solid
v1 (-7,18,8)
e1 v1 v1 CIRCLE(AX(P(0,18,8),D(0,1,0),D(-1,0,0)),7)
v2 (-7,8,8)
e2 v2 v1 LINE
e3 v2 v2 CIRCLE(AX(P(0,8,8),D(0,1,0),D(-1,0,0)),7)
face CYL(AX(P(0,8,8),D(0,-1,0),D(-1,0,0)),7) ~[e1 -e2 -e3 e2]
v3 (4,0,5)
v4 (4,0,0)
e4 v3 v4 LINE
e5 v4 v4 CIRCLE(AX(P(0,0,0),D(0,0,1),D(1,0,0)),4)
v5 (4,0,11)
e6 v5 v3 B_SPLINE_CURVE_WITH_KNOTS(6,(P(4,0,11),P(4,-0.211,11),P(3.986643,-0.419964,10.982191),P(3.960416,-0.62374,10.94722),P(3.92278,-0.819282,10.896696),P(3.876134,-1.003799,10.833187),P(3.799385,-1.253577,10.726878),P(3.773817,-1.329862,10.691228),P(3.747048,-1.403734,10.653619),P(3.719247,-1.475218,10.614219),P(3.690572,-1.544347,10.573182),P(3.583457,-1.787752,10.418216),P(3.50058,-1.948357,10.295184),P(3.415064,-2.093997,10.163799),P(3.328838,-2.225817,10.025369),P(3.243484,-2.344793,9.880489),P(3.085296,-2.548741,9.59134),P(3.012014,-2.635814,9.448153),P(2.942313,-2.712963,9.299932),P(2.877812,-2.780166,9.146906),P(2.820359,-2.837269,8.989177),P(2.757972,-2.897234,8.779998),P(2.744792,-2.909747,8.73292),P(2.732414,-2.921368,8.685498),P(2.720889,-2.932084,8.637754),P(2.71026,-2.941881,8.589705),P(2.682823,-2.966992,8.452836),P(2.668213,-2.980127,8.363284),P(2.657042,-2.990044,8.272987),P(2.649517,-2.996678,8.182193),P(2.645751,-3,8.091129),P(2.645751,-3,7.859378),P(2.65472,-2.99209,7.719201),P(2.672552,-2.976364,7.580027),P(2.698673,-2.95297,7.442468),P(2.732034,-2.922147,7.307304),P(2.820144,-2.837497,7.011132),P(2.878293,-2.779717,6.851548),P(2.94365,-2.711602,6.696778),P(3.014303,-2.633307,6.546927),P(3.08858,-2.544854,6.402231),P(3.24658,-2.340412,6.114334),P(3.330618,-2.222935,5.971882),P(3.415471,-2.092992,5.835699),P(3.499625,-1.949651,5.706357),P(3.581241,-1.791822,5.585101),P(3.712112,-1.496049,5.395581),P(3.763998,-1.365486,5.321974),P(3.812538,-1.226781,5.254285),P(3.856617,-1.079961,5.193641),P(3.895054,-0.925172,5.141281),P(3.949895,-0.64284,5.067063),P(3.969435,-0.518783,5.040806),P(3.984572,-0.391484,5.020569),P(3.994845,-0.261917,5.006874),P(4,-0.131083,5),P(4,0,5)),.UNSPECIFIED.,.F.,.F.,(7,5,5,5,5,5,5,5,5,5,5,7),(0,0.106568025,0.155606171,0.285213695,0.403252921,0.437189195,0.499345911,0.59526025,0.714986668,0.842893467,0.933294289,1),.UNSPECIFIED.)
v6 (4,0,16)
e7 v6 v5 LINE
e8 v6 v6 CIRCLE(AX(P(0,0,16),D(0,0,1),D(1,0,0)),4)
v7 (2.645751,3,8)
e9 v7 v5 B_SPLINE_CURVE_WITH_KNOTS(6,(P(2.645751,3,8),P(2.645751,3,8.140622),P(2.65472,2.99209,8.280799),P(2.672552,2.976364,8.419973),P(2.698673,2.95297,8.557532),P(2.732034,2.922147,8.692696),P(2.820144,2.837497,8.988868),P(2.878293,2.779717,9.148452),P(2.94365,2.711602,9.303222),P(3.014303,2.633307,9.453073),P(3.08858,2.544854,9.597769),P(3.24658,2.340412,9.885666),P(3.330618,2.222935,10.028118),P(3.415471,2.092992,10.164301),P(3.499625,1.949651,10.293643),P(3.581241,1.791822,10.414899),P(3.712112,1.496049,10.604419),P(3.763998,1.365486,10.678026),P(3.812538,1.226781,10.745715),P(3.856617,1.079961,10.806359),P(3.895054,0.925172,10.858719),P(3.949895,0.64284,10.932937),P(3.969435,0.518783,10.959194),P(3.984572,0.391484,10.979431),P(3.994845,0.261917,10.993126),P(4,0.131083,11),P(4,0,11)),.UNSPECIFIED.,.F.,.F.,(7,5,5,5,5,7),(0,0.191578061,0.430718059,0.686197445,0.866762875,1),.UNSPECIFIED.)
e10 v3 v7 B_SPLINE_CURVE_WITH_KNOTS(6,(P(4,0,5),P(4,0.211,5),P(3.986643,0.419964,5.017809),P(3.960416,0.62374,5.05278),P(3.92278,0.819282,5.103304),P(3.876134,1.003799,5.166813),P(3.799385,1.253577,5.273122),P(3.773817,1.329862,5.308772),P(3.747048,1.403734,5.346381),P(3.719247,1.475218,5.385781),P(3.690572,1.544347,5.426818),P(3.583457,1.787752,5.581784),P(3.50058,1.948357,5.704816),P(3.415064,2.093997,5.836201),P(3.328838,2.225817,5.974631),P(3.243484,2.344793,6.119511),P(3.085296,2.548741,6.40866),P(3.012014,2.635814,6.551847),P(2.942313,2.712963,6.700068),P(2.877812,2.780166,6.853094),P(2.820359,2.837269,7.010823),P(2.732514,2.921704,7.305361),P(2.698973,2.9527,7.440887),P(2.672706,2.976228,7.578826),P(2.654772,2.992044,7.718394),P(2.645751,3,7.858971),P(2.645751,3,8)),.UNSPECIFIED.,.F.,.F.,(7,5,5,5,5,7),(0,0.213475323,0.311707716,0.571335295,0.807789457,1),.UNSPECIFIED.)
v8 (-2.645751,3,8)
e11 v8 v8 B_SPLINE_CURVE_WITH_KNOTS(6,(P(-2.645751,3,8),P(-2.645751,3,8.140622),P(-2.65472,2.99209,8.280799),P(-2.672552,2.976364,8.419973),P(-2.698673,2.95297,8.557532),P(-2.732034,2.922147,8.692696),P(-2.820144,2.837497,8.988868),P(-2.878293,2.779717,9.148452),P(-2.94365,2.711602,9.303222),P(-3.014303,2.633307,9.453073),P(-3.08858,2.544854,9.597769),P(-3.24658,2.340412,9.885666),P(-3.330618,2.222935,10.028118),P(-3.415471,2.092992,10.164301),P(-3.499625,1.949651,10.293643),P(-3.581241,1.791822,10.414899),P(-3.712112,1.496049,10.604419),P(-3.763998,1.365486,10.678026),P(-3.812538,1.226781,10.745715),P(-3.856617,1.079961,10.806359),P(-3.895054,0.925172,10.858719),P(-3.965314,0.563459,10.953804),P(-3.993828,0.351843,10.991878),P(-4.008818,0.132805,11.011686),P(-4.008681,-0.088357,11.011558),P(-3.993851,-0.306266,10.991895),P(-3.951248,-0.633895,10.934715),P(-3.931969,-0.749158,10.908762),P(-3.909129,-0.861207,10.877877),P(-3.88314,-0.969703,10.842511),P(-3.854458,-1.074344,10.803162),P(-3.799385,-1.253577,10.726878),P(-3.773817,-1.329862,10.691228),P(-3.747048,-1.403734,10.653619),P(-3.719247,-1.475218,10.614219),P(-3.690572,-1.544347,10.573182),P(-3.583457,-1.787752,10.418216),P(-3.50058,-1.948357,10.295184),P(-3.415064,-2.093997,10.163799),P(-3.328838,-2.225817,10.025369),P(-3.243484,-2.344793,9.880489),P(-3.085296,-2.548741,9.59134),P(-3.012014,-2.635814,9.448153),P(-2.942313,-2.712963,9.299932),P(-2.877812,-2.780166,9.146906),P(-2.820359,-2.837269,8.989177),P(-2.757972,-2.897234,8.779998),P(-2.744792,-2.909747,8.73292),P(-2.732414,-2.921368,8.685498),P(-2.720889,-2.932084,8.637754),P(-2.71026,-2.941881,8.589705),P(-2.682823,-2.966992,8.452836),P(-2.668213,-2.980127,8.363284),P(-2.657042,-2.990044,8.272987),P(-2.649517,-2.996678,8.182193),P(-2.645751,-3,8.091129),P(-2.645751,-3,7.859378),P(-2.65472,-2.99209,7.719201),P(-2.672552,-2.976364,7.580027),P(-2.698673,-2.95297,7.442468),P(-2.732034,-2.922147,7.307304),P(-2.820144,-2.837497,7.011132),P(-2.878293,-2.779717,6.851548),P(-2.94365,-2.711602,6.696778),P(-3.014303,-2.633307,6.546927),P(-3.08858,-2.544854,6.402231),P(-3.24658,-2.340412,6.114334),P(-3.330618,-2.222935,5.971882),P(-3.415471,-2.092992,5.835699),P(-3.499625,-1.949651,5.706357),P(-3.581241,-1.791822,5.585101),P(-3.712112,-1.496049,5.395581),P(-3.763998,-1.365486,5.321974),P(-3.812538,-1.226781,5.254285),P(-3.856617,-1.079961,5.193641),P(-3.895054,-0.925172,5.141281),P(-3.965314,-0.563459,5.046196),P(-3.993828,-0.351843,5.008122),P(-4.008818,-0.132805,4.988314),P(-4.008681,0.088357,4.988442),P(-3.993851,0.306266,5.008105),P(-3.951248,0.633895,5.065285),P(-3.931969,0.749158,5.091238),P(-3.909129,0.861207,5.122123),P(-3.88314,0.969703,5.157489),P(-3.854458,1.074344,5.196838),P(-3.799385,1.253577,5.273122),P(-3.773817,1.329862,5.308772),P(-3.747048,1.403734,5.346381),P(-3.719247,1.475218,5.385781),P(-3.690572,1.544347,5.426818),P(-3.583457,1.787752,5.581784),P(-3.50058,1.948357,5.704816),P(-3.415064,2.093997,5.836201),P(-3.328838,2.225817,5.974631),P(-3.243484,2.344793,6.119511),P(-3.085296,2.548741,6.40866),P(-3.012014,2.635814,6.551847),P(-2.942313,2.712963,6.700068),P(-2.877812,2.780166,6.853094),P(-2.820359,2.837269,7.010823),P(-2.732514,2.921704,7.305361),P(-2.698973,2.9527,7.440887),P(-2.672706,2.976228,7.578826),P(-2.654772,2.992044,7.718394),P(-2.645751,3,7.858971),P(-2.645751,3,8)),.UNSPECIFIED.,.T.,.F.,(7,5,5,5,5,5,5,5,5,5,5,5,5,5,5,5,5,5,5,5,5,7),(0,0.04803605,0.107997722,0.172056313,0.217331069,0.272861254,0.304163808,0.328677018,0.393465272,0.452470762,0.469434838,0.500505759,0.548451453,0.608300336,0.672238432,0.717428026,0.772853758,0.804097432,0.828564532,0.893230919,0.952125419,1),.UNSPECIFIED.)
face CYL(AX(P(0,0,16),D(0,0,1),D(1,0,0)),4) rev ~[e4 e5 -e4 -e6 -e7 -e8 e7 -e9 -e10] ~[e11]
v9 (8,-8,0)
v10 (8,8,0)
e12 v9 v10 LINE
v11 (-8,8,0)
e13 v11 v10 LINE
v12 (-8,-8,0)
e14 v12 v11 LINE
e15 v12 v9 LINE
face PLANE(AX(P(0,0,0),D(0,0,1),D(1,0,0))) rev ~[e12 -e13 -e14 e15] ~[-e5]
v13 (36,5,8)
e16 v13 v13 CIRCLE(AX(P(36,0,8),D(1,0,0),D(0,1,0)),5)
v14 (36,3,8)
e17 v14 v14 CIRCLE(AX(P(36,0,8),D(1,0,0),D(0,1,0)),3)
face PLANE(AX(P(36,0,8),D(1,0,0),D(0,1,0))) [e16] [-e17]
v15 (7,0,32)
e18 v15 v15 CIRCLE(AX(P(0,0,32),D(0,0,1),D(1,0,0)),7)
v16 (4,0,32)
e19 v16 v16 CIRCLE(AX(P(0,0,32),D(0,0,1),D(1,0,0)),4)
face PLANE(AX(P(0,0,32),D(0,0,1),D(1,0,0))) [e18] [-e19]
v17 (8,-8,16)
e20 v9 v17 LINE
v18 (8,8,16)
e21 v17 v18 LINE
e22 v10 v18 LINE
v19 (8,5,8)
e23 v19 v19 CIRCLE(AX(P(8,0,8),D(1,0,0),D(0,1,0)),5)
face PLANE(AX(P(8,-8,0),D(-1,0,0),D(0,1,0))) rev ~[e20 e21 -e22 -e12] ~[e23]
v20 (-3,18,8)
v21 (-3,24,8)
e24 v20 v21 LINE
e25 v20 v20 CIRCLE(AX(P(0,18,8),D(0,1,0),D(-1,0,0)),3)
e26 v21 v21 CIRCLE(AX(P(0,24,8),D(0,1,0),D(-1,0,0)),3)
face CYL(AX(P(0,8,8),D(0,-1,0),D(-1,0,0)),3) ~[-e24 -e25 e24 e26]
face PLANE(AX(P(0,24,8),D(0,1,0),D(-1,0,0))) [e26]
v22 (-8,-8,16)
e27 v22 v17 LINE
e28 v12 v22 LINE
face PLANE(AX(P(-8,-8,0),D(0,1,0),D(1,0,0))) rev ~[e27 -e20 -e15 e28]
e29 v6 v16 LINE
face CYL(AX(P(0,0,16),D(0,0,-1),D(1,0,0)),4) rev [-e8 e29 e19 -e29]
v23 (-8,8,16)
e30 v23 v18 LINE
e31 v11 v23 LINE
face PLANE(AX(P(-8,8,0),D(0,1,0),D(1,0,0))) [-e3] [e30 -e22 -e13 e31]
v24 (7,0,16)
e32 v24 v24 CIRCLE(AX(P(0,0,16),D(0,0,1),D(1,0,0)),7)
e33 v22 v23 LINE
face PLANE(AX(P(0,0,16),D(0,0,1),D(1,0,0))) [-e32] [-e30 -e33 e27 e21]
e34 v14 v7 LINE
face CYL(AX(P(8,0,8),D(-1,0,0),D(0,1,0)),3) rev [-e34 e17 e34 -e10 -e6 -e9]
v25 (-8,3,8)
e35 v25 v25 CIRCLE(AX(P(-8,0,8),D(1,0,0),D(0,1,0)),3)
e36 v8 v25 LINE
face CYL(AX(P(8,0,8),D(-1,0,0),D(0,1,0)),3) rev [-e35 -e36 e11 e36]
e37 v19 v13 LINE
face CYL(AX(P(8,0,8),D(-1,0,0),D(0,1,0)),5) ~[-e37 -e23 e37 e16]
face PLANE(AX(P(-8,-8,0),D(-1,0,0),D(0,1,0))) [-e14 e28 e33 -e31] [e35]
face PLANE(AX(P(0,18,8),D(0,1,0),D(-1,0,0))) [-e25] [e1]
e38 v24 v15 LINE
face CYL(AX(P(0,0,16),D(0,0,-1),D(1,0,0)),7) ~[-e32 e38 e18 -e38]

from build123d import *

# Parameters (mm, degrees)
F0_W      = 16
F0_H      = 16
F1_DEPTH  = 16
F2_R      = 3
F3_DEPTH  = 16
F2_R_2    = 5
F4_DEPTH  = 28
F5_R      = 4
F6_DEPTH  = 16
F5_R_2    = 7
F7_DEPTH  = 16
F8_R      = 3
F9_DEPTH  = 16
F8_R_2    = 7
F10_DEPTH = 10


with BuildPart() as f1:
    # F0 (on Top) → F1 (new body)
    with BuildSketch(Plane.XY):
        Rectangle(F0_W, F0_H)
    extrude(amount=F1_DEPTH)

    # F2 (on face) → F3 (cut)
    with BuildSketch(Plane.YZ.offset(8)):
        with Locations((0, 8)):
            Circle(F2_R)
    extrude(amount=-F3_DEPTH, mode=Mode.SUBTRACT)

    # F2 (on face) → F4 (join)
    with BuildSketch(Plane.YZ.offset(8)):
        with Locations((0, 8)):
            Circle(F2_R_2)
        with Locations((0, 8)):
            Circle(F2_R, mode=Mode.SUBTRACT)
    extrude(amount=F4_DEPTH)

    # F5 (on face) → F6 (cut)
    with BuildSketch(Plane.XY.offset(16)):
        Circle(F5_R)
    extrude(amount=-F6_DEPTH, mode=Mode.SUBTRACT)

    # F5 (on face) → F7 (join)
    with BuildSketch(Plane.XY.offset(16)):
        Circle(F5_R_2)
        Circle(F5_R, mode=Mode.SUBTRACT)
    extrude(amount=F7_DEPTH)

    # F8 (on face) → F9 (join)
    with BuildSketch(Plane(origin=(0, 8, 0), x_dir=(-1, 0, 0), z_dir=(0, 1, 0))):
        with Locations((0, 8)):
            Circle(F8_R)
    extrude(amount=F9_DEPTH)

    # F8 (on face) → F10 (join)
    with BuildSketch(Plane(origin=(0, 8, 0), x_dir=(-1, 0, 0), z_dir=(0, 1, 0))):
        with Locations((0, 8)):
            Circle(F8_R_2)
        with Locations((0, 8)):
            Circle(F8_R, mode=Mode.SUBTRACT)
    extrude(amount=F10_DEPTH)


solid = f1.part
